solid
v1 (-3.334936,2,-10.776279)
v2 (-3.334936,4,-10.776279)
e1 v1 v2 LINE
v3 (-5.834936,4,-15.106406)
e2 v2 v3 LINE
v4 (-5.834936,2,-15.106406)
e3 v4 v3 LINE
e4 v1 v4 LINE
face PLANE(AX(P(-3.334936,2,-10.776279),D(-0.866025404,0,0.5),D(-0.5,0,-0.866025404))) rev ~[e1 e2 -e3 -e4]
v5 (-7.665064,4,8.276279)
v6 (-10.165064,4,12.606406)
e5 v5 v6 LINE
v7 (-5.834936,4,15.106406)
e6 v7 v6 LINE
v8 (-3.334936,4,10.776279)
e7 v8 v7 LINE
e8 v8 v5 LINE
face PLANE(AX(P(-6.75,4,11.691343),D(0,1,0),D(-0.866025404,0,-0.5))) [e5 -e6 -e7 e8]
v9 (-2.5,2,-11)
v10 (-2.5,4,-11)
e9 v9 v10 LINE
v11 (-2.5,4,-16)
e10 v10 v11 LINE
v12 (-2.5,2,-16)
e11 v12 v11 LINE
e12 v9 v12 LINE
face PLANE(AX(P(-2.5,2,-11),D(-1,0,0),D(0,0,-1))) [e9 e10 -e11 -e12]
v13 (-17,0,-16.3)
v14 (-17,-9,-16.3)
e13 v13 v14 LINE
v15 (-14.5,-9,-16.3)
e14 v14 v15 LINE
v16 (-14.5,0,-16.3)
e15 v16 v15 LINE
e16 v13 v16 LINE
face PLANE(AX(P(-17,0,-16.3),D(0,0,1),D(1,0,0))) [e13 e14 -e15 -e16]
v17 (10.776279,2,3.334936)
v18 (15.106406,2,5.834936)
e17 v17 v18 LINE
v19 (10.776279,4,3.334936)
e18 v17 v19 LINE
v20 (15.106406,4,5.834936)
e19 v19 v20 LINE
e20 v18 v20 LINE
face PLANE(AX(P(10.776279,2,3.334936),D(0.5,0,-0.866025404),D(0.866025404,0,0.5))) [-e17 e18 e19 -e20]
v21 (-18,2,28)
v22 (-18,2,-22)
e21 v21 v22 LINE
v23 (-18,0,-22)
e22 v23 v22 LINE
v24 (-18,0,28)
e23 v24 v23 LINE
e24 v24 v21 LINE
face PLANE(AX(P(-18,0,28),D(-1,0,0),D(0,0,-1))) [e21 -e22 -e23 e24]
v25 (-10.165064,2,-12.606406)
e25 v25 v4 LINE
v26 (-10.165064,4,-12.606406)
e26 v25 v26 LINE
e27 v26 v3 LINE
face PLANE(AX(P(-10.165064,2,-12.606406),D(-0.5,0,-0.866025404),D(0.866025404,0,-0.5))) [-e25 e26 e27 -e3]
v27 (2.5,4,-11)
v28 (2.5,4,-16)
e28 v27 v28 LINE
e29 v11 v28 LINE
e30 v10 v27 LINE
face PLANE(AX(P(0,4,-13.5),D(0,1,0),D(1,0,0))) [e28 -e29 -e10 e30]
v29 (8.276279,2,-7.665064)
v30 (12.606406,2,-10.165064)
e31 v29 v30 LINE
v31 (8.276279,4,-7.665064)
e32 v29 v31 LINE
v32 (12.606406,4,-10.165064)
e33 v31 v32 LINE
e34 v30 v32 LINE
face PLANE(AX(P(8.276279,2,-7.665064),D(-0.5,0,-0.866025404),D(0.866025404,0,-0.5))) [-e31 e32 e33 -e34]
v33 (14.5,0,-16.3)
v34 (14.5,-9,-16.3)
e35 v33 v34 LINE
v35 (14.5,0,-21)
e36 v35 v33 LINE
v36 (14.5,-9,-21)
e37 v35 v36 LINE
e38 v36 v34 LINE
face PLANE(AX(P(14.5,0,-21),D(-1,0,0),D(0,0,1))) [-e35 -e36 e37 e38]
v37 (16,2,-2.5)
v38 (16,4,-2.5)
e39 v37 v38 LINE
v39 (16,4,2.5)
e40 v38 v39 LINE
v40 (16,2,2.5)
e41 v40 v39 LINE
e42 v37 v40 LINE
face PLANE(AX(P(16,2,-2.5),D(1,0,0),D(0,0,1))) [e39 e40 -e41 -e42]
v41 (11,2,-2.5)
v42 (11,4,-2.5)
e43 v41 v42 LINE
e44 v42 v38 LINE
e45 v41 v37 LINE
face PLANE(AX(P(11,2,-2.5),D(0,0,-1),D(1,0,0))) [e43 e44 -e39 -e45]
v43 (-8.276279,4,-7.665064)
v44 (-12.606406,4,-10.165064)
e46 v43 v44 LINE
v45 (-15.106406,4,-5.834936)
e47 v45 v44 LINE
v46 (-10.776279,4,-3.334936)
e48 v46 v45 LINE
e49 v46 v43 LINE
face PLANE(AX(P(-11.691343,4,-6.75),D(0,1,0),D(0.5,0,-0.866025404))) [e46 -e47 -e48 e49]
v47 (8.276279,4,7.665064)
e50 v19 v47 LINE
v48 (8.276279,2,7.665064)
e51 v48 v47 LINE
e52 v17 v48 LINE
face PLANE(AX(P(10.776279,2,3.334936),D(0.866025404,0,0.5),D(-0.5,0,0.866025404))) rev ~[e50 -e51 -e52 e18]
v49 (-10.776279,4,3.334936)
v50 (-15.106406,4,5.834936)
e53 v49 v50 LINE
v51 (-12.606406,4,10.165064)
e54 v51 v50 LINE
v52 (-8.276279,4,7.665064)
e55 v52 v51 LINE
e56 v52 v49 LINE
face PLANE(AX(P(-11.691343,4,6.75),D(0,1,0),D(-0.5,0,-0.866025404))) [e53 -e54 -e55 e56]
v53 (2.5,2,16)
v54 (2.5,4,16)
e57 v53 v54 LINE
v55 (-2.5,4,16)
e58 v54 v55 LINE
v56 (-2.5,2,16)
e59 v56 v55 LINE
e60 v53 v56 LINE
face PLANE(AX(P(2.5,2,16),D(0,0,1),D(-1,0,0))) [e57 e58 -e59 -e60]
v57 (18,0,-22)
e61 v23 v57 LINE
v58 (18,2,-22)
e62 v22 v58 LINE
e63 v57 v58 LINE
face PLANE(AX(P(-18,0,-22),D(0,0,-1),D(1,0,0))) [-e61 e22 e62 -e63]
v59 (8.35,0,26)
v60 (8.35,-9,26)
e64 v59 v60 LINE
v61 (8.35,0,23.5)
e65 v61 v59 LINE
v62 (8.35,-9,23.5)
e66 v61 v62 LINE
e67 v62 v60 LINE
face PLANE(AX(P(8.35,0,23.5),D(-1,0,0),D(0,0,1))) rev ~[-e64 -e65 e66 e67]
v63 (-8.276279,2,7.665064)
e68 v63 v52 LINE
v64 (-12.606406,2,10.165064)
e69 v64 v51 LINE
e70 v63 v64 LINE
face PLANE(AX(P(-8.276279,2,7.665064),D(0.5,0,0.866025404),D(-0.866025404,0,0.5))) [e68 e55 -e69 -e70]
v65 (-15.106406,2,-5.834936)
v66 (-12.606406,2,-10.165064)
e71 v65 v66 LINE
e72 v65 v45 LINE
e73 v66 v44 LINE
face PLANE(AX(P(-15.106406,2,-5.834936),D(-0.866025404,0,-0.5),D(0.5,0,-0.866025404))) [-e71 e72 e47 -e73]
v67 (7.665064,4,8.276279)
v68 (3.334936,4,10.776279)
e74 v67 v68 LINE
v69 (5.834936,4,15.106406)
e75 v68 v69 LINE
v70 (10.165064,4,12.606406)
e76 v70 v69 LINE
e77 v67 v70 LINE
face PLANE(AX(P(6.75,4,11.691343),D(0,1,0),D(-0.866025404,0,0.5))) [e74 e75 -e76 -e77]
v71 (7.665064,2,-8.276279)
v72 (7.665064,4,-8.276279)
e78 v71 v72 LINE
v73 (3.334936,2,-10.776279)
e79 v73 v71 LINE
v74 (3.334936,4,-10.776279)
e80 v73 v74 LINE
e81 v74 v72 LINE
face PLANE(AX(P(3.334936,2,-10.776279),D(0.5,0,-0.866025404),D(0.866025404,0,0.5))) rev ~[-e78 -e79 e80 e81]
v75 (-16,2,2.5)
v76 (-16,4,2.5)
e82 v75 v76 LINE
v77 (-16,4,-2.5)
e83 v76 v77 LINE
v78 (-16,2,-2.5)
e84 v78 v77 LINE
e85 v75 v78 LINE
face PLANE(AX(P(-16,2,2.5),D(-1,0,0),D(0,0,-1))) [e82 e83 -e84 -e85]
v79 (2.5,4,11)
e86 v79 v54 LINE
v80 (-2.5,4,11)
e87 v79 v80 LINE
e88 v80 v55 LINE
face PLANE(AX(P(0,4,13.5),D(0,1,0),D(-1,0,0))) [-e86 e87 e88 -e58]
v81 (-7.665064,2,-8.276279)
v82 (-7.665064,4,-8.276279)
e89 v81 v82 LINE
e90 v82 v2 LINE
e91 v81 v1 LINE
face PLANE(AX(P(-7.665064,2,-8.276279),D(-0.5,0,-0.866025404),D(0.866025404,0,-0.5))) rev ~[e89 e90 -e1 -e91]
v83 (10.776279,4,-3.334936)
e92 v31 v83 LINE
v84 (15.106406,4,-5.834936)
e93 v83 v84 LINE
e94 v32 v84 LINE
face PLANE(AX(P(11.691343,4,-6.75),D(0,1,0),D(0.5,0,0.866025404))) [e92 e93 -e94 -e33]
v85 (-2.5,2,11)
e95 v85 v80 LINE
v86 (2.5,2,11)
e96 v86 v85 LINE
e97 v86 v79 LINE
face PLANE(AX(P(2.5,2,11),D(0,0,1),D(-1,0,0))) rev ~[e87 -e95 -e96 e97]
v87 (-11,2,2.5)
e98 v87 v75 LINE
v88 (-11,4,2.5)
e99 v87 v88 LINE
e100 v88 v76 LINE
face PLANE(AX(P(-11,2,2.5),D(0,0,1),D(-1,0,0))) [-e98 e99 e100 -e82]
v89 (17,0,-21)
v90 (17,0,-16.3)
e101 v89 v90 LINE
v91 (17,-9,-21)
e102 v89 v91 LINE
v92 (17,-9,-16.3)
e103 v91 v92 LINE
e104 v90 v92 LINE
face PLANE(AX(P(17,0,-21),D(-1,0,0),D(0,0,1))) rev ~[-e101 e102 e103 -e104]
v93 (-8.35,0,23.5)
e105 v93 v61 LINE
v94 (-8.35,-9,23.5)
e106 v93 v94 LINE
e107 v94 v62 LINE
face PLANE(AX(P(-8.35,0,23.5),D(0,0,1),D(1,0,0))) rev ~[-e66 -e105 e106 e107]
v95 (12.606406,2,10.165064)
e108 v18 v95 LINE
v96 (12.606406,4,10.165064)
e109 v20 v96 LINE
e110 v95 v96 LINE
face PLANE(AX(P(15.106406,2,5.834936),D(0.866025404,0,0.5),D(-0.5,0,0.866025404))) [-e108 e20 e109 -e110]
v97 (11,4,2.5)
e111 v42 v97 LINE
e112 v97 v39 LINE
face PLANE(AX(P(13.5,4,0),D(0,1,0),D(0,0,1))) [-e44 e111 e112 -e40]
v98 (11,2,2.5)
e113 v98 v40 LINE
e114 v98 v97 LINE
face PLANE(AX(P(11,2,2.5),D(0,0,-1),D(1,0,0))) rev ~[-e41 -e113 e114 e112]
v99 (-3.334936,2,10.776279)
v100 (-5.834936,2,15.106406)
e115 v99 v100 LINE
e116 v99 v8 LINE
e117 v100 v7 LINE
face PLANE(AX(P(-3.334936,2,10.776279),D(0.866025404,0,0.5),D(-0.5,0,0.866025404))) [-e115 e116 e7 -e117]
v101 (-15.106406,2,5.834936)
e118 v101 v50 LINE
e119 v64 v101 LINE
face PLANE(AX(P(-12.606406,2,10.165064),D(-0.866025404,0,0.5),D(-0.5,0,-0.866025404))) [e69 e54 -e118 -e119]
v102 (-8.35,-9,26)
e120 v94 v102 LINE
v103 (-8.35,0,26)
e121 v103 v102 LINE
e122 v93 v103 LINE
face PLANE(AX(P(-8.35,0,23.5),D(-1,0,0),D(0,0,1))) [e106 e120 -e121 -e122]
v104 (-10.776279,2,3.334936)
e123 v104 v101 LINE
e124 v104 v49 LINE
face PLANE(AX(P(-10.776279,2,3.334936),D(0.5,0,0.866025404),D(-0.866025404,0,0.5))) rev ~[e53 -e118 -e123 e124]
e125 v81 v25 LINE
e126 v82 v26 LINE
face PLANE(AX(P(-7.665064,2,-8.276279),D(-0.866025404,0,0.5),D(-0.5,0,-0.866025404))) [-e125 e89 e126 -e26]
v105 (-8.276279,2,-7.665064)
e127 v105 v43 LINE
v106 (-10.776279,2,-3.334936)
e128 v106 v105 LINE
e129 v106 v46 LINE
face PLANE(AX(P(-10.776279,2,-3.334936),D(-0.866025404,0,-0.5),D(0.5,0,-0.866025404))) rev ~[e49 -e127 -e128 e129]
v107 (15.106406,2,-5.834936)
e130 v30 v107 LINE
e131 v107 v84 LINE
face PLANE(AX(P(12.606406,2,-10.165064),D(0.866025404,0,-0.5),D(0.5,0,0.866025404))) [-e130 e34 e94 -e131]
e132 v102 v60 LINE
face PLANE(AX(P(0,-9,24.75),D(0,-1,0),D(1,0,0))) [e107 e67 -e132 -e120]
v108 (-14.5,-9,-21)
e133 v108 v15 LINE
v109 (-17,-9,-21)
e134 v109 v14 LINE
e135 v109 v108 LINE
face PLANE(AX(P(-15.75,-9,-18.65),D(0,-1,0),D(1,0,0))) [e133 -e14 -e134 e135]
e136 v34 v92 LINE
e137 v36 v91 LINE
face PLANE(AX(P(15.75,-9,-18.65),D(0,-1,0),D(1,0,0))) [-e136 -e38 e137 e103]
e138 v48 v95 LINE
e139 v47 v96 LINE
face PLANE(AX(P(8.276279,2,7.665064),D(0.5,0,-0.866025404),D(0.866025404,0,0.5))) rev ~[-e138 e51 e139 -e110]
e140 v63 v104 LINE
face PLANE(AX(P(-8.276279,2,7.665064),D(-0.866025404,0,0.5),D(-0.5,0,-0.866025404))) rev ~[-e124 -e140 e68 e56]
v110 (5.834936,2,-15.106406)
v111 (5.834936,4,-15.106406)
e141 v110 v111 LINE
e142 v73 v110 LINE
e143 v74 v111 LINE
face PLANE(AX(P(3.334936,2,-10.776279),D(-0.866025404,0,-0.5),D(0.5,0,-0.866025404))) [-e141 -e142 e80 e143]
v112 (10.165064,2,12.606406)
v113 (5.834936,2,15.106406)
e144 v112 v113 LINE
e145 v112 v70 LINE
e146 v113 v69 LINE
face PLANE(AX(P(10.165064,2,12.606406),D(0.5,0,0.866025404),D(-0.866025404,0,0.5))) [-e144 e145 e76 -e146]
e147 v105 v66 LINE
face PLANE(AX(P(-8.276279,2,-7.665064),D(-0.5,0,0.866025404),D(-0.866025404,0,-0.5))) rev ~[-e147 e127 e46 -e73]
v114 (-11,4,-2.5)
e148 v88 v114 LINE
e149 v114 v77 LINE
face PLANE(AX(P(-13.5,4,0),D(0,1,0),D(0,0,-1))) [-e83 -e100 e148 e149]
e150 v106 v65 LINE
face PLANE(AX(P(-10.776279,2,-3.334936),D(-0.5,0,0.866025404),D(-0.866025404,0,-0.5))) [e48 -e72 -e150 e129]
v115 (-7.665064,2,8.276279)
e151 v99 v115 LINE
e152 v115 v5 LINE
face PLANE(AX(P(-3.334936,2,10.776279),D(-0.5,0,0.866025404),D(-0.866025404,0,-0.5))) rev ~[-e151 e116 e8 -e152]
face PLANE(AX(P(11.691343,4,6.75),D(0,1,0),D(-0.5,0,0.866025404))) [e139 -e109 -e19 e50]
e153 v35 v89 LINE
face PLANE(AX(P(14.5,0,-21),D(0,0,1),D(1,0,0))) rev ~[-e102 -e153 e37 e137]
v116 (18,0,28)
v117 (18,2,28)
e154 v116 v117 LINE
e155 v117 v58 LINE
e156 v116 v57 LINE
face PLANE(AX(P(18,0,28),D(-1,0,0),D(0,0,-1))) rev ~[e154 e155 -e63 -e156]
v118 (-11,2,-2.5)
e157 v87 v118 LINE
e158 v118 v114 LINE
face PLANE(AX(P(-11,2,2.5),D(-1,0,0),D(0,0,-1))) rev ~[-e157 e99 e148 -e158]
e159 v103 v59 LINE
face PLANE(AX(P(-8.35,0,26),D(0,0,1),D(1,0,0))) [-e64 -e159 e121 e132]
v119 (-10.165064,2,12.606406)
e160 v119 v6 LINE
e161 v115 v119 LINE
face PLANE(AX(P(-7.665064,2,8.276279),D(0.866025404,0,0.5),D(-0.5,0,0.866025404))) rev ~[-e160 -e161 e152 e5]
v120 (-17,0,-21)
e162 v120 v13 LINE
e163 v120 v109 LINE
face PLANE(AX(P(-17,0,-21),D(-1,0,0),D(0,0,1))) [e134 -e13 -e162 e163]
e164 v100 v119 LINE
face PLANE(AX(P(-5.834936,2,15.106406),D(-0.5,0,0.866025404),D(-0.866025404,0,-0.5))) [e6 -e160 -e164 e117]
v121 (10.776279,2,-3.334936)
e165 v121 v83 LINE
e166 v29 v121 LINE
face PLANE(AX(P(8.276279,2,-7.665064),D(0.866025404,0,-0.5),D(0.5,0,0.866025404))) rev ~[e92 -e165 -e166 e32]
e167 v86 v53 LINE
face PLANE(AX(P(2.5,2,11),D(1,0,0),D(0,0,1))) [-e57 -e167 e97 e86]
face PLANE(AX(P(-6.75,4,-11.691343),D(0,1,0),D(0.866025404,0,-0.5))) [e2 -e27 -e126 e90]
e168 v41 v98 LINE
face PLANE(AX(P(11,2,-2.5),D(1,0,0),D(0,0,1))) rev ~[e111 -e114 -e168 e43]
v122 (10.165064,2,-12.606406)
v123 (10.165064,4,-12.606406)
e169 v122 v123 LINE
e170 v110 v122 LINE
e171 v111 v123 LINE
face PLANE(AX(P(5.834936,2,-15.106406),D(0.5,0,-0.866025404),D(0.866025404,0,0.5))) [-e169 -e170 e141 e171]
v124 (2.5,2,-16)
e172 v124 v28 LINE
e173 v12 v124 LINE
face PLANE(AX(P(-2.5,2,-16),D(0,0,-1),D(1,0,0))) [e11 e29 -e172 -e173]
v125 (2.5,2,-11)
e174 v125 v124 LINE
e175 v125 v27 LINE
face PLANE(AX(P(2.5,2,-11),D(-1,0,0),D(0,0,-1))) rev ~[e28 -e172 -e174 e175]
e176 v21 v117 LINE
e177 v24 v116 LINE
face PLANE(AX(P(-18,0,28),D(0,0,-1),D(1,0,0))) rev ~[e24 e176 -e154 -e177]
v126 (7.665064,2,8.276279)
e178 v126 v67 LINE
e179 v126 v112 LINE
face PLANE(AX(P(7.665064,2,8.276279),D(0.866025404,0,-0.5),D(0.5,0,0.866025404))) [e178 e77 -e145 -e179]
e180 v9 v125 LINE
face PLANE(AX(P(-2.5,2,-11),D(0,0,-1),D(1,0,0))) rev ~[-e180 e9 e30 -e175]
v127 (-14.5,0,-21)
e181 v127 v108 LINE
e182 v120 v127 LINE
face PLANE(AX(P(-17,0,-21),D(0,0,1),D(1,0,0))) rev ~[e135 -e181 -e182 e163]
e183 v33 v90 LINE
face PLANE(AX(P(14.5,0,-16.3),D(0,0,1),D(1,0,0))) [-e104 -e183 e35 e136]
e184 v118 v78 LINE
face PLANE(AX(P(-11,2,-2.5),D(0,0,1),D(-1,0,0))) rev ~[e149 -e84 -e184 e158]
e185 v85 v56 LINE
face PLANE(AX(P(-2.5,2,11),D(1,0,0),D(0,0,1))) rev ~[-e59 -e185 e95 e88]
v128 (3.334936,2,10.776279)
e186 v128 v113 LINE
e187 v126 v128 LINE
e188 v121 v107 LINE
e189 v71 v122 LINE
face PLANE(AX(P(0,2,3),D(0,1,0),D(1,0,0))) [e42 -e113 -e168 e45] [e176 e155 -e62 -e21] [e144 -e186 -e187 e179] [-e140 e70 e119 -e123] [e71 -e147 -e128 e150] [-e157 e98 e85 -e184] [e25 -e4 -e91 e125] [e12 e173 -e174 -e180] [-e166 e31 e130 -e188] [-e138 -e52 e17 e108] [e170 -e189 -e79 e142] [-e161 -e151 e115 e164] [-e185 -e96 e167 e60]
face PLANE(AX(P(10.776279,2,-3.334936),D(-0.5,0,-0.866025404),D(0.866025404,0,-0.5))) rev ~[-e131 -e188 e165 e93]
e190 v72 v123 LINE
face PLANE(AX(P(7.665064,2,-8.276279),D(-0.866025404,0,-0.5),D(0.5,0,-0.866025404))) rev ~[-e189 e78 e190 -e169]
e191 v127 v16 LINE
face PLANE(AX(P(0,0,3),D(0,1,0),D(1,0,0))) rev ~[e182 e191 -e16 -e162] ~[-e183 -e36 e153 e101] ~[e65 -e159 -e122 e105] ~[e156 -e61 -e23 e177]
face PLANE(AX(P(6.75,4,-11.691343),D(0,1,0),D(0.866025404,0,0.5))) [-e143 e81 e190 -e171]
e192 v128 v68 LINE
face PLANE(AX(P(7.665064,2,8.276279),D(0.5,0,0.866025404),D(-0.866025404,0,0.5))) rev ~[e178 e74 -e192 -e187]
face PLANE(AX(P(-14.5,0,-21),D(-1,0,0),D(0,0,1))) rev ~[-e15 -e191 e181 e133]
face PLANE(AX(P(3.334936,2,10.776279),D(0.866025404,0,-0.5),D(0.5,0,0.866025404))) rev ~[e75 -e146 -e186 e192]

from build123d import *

# Parameters (mm, degrees)
SKETCH1_W           = 36
SKETCH1_H           = 50
BOSS_EXTRUDE1_DEPTH = 2
SKETCH2_W           = 5
SKETCH2_H           = 5
BOSS_EXTRUDE2_DEPTH = 2
CIRPATTERN1_COUNT   = 12
SKETCH3_W           = 16.7
SKETCH3_H           = 2.5
SKETCH3_W_2         = 2.5
SKETCH3_H_2         = 4.7
BOSS_EXTRUDE3_DEPTH = 9


with BuildPart() as part:
    # Sketch1 → Boss-Extrude1 (new body)
    with BuildSketch(Plane(origin=(0, 0, 0), x_dir=(1, 0, 0), z_dir=(0, 1, 0))):
        with Locations((0, -3)):
            Rectangle(SKETCH1_W, SKETCH1_H)
    extrude(amount=BOSS_EXTRUDE1_DEPTH)

    # Sketch2 → Boss-Extrude2 (add)
    with BuildSketch(Plane(origin=(0, 2, 0), x_dir=(1, 0, 0), z_dir=(0, 1, 0))):
        with Locations((0, 13.5)):
            Rectangle(SKETCH2_W, SKETCH2_H)
    boss_extrude2 = extrude(amount=BOSS_EXTRUDE2_DEPTH)

    # CirPattern1: Boss-Extrude2 ×12 about axis
    cirpattern1_axis = Axis((0, 0, 0), (0, 1, 0))
    for i in range(1, CIRPATTERN1_COUNT):
        add(boss_extrude2.rotate(cirpattern1_axis, i * 360 / CIRPATTERN1_COUNT))

    # Sketch3 → Boss-Extrude3 (add)
    with BuildSketch(Plane.XZ):
        with Locations((0, 24.75)):
            Rectangle(SKETCH3_W, SKETCH3_H)
        with Locations((-15.75, -18.65)):
            Rectangle(SKETCH3_W_2, SKETCH3_H_2)
        with Locations((15.75, -18.65)):
            Rectangle(SKETCH3_W_2, SKETCH3_H_2)
    extrude(amount=BOSS_EXTRUDE3_DEPTH)


solid = part.part
